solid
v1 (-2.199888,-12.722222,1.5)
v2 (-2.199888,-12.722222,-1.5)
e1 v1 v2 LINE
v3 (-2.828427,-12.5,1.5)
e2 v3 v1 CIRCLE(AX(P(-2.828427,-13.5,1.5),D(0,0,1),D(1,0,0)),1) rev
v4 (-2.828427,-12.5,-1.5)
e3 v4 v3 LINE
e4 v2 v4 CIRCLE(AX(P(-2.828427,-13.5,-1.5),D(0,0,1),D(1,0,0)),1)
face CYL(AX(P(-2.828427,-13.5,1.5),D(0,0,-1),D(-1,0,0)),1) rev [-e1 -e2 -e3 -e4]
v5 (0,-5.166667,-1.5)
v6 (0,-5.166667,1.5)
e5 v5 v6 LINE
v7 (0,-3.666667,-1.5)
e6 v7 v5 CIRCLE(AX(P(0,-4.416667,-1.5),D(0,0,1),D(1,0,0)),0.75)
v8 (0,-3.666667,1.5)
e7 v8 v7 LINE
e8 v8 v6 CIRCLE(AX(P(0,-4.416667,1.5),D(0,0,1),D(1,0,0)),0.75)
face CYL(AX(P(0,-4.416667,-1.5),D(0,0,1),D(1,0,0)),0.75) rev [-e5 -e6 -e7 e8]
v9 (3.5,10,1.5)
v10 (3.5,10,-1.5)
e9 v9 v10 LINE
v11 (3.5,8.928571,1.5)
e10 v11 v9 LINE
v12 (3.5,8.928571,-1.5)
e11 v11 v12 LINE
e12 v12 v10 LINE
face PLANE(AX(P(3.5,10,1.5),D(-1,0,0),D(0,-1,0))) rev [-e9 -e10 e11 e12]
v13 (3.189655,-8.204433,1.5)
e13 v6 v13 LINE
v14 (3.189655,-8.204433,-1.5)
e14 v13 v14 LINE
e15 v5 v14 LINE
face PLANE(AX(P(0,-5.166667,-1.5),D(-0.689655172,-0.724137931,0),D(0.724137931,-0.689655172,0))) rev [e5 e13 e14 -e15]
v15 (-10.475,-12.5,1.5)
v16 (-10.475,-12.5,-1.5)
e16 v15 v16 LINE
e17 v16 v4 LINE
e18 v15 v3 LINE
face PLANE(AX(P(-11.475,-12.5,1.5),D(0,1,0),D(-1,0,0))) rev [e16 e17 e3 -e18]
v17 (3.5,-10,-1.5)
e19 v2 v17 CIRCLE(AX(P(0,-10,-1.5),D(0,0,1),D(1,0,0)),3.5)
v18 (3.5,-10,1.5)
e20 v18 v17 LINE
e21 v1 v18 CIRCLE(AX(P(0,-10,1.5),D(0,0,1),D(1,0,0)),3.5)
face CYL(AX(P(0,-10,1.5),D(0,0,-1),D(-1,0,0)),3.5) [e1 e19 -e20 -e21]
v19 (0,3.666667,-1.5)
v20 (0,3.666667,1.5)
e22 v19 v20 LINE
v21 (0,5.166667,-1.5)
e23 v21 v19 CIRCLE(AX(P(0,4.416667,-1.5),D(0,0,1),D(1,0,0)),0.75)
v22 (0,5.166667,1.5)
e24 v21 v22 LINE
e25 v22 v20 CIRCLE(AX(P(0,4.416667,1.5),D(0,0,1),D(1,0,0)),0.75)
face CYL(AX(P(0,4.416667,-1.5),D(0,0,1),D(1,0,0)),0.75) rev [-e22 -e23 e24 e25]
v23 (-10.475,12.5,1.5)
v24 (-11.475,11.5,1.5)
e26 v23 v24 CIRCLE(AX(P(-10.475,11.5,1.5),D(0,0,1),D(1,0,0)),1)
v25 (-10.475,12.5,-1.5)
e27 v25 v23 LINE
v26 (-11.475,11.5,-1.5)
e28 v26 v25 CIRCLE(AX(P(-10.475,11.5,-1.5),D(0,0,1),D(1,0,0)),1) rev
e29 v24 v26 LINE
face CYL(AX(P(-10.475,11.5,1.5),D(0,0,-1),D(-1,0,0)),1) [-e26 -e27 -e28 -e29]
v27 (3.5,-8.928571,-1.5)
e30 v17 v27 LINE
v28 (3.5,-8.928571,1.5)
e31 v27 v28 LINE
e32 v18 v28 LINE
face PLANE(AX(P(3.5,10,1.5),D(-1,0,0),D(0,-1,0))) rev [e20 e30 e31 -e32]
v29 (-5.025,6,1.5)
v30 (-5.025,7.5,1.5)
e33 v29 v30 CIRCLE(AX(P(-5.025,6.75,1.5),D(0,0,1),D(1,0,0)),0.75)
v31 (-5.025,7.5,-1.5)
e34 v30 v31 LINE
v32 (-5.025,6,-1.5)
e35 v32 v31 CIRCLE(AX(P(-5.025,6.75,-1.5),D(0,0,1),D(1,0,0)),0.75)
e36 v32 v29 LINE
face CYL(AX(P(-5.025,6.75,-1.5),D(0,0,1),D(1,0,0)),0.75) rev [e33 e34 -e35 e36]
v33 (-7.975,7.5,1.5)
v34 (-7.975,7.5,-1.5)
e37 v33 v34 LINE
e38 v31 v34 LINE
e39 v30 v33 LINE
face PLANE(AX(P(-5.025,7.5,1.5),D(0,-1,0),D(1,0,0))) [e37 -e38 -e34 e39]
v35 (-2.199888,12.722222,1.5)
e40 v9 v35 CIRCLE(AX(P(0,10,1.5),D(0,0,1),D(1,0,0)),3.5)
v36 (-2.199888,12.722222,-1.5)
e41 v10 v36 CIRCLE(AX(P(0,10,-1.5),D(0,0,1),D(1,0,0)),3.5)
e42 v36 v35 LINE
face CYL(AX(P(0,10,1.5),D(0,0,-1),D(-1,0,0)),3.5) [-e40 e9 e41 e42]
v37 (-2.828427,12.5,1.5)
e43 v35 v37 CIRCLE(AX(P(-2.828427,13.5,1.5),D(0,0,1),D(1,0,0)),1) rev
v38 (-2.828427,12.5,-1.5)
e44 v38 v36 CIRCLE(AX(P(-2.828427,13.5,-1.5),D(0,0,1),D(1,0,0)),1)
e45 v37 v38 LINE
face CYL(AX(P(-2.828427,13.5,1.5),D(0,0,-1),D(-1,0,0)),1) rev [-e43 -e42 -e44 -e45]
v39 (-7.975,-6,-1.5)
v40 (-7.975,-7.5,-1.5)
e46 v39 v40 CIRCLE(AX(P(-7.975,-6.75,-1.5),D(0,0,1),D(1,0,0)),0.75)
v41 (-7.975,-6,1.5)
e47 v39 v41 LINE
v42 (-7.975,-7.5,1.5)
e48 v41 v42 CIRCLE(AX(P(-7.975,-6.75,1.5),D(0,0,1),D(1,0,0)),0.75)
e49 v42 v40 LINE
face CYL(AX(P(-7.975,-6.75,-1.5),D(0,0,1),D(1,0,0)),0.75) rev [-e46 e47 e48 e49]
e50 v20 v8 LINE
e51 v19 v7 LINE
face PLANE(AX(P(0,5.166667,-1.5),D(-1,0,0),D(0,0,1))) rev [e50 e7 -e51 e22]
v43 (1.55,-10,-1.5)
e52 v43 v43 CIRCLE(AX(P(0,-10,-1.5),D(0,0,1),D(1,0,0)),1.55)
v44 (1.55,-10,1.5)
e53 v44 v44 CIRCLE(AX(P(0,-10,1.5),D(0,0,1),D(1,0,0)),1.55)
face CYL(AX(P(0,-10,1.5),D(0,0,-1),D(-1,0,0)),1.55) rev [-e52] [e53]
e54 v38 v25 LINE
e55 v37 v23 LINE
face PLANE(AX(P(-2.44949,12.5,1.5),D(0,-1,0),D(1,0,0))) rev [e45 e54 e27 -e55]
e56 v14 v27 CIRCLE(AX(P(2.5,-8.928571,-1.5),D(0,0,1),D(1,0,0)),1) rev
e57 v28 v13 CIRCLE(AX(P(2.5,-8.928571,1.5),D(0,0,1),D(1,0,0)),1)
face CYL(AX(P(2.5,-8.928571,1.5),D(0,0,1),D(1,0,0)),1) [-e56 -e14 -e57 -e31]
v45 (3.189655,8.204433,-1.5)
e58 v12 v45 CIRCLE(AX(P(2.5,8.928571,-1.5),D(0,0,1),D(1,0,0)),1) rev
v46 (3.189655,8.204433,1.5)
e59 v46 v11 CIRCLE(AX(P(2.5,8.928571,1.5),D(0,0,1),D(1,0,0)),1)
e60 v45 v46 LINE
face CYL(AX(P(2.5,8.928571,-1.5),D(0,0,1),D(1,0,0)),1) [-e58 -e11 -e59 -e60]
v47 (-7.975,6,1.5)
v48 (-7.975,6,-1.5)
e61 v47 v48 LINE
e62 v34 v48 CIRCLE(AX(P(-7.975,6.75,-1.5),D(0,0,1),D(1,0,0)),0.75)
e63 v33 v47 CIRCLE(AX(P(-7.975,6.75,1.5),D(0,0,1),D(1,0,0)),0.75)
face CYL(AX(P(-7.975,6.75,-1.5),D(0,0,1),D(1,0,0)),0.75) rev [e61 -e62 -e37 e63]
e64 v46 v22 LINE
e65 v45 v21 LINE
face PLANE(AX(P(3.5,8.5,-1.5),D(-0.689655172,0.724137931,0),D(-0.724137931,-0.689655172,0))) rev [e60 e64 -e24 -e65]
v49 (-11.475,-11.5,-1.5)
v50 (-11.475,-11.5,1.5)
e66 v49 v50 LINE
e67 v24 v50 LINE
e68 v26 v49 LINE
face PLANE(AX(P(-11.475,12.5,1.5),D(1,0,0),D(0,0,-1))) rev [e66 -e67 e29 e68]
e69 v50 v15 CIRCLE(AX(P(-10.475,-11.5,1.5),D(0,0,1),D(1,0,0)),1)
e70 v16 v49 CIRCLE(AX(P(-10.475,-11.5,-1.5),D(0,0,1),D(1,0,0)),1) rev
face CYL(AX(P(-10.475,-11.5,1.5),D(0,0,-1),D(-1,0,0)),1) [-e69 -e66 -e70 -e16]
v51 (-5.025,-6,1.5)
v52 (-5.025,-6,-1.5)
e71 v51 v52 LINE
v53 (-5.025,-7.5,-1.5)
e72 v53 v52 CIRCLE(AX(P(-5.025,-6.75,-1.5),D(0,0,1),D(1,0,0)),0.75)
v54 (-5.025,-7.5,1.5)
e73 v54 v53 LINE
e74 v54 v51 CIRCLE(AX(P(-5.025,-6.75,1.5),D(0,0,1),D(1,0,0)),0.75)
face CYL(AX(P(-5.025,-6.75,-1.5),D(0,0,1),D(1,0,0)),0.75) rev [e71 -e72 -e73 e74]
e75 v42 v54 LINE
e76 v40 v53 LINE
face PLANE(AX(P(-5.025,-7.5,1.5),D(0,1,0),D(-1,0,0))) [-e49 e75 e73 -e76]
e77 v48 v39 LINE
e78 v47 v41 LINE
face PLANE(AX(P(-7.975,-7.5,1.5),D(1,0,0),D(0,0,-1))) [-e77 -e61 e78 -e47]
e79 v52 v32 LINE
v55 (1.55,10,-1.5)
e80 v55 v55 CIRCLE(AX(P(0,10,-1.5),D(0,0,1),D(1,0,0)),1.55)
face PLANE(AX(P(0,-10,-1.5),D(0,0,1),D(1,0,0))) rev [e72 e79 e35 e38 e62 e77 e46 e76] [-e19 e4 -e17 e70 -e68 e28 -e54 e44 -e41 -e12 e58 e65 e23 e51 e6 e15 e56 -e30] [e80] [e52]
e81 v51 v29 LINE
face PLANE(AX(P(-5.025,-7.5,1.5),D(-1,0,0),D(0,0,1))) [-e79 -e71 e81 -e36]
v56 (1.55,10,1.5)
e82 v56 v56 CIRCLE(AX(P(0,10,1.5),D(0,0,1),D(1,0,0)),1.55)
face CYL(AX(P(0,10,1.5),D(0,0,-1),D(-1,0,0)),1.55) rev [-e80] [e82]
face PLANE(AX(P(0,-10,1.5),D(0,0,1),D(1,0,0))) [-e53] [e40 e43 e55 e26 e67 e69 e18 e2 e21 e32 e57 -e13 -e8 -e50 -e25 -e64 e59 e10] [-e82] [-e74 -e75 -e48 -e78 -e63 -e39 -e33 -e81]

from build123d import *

# Parameters (mm, degrees)
SKETCH_1_R          = 1.55
SKETCH_1_W          = 2.95
SKETCH_1_H          = 15
EXTRUDE_1_DEPTH     = 1.5
FILLET_1_R          = 1
SKETCH_2_R          = 0.75
CUT_EXTRUDE_1_DEPTH = 4
CUT_EXTRUDE_2_DEPTH = 4
SKETCH_4_R          = 0.75
CUT_EXTRUDE_3_DEPTH = 4
FILLET_2_R          = 1


with BuildPart() as part:
    # 草图1 → 凸台-拉伸1 (new body, symmetric)
    with BuildSketch(Plane.XY):
        with BuildLine():
            Line((-2.449489743, 12.5), (-11.475, 12.5))
            Line((-11.475, 12.5), (-11.475, -12.5))
            Line((-11.475, -12.5), (-2.449489743, -12.5))
            ThreePointArc((-2.449489743, -12.5), (1.355873501, -13.226702194), (3.5, -10))
            Line((3.5, -10), (3.5, 10))
            ThreePointArc((3.5, 10), (1.355873501, 13.226702194), (-2.449489743, 12.5))
        make_face()
        with Locations((0, 10)):
            Circle(SKETCH_1_R, mode=Mode.SUBTRACT)
        with Locations((0, -10)):
            Circle(SKETCH_1_R, mode=Mode.SUBTRACT)
        with Locations((-6.5, 0)):
            Rectangle(SKETCH_1_W, SKETCH_1_H, mode=Mode.SUBTRACT)
    extrude(amount=EXTRUDE_1_DEPTH, both=True)

    # 圆角1
    fillet_1_edges = [part.edges().sort_by_distance(p)[0] for p in [
        (-11.475, -12.5, 0),
        (-11.475, 12.5, 0),
    ]]
    fillet(fillet_1_edges, radius=FILLET_1_R)

    # 草图2 → 切除-拉伸1 (cut, through all)
    with BuildSketch(Plane.XY.offset(1.5)):
        with Locations((-7.975, 6.75)):
            Circle(SKETCH_2_R)
        with Locations((-5.025, 6.75)):
            Circle(SKETCH_2_R)
        with Locations((-7.975, -6.75)):
            Circle(SKETCH_2_R)
        with Locations((-5.025, -6.75)):
            Circle(SKETCH_2_R)
    extrude(amount=-CUT_EXTRUDE_1_DEPTH, mode=Mode.SUBTRACT)

    # 草图3 → 切除-拉伸2 (cut, through all)
    with BuildSketch(Plane.XY.offset(1.5)):
        Polygon((3.5, 8.5), (0, 5.166666667), (0, -5.166666667), (3.5, -8.5), align=None)
    extrude(amount=-CUT_EXTRUDE_2_DEPTH, mode=Mode.SUBTRACT)

    # 草图4 → 切除-拉伸3 (cut, through all)
    with BuildSketch(Plane.XY.offset(1.5)):
        with Locations((0, 4.416666667)):
            Circle(SKETCH_4_R)
        with Locations((0, -4.416666667)):
            Circle(SKETCH_4_R)
    extrude(amount=-CUT_EXTRUDE_3_DEPTH, mode=Mode.SUBTRACT)

    # 圆角2
    fillet_2_edges = [part.edges().sort_by_distance(p)[0] for p in [
        (-2.449489743, 12.5, 0),
        (-2.449489743, -12.5, 0),
        (3.5, 8.5, 0),
        (3.5, -8.5, 0),
    ]]
    fillet(fillet_2_edges, radius=FILLET_2_R)


solid = part.part
